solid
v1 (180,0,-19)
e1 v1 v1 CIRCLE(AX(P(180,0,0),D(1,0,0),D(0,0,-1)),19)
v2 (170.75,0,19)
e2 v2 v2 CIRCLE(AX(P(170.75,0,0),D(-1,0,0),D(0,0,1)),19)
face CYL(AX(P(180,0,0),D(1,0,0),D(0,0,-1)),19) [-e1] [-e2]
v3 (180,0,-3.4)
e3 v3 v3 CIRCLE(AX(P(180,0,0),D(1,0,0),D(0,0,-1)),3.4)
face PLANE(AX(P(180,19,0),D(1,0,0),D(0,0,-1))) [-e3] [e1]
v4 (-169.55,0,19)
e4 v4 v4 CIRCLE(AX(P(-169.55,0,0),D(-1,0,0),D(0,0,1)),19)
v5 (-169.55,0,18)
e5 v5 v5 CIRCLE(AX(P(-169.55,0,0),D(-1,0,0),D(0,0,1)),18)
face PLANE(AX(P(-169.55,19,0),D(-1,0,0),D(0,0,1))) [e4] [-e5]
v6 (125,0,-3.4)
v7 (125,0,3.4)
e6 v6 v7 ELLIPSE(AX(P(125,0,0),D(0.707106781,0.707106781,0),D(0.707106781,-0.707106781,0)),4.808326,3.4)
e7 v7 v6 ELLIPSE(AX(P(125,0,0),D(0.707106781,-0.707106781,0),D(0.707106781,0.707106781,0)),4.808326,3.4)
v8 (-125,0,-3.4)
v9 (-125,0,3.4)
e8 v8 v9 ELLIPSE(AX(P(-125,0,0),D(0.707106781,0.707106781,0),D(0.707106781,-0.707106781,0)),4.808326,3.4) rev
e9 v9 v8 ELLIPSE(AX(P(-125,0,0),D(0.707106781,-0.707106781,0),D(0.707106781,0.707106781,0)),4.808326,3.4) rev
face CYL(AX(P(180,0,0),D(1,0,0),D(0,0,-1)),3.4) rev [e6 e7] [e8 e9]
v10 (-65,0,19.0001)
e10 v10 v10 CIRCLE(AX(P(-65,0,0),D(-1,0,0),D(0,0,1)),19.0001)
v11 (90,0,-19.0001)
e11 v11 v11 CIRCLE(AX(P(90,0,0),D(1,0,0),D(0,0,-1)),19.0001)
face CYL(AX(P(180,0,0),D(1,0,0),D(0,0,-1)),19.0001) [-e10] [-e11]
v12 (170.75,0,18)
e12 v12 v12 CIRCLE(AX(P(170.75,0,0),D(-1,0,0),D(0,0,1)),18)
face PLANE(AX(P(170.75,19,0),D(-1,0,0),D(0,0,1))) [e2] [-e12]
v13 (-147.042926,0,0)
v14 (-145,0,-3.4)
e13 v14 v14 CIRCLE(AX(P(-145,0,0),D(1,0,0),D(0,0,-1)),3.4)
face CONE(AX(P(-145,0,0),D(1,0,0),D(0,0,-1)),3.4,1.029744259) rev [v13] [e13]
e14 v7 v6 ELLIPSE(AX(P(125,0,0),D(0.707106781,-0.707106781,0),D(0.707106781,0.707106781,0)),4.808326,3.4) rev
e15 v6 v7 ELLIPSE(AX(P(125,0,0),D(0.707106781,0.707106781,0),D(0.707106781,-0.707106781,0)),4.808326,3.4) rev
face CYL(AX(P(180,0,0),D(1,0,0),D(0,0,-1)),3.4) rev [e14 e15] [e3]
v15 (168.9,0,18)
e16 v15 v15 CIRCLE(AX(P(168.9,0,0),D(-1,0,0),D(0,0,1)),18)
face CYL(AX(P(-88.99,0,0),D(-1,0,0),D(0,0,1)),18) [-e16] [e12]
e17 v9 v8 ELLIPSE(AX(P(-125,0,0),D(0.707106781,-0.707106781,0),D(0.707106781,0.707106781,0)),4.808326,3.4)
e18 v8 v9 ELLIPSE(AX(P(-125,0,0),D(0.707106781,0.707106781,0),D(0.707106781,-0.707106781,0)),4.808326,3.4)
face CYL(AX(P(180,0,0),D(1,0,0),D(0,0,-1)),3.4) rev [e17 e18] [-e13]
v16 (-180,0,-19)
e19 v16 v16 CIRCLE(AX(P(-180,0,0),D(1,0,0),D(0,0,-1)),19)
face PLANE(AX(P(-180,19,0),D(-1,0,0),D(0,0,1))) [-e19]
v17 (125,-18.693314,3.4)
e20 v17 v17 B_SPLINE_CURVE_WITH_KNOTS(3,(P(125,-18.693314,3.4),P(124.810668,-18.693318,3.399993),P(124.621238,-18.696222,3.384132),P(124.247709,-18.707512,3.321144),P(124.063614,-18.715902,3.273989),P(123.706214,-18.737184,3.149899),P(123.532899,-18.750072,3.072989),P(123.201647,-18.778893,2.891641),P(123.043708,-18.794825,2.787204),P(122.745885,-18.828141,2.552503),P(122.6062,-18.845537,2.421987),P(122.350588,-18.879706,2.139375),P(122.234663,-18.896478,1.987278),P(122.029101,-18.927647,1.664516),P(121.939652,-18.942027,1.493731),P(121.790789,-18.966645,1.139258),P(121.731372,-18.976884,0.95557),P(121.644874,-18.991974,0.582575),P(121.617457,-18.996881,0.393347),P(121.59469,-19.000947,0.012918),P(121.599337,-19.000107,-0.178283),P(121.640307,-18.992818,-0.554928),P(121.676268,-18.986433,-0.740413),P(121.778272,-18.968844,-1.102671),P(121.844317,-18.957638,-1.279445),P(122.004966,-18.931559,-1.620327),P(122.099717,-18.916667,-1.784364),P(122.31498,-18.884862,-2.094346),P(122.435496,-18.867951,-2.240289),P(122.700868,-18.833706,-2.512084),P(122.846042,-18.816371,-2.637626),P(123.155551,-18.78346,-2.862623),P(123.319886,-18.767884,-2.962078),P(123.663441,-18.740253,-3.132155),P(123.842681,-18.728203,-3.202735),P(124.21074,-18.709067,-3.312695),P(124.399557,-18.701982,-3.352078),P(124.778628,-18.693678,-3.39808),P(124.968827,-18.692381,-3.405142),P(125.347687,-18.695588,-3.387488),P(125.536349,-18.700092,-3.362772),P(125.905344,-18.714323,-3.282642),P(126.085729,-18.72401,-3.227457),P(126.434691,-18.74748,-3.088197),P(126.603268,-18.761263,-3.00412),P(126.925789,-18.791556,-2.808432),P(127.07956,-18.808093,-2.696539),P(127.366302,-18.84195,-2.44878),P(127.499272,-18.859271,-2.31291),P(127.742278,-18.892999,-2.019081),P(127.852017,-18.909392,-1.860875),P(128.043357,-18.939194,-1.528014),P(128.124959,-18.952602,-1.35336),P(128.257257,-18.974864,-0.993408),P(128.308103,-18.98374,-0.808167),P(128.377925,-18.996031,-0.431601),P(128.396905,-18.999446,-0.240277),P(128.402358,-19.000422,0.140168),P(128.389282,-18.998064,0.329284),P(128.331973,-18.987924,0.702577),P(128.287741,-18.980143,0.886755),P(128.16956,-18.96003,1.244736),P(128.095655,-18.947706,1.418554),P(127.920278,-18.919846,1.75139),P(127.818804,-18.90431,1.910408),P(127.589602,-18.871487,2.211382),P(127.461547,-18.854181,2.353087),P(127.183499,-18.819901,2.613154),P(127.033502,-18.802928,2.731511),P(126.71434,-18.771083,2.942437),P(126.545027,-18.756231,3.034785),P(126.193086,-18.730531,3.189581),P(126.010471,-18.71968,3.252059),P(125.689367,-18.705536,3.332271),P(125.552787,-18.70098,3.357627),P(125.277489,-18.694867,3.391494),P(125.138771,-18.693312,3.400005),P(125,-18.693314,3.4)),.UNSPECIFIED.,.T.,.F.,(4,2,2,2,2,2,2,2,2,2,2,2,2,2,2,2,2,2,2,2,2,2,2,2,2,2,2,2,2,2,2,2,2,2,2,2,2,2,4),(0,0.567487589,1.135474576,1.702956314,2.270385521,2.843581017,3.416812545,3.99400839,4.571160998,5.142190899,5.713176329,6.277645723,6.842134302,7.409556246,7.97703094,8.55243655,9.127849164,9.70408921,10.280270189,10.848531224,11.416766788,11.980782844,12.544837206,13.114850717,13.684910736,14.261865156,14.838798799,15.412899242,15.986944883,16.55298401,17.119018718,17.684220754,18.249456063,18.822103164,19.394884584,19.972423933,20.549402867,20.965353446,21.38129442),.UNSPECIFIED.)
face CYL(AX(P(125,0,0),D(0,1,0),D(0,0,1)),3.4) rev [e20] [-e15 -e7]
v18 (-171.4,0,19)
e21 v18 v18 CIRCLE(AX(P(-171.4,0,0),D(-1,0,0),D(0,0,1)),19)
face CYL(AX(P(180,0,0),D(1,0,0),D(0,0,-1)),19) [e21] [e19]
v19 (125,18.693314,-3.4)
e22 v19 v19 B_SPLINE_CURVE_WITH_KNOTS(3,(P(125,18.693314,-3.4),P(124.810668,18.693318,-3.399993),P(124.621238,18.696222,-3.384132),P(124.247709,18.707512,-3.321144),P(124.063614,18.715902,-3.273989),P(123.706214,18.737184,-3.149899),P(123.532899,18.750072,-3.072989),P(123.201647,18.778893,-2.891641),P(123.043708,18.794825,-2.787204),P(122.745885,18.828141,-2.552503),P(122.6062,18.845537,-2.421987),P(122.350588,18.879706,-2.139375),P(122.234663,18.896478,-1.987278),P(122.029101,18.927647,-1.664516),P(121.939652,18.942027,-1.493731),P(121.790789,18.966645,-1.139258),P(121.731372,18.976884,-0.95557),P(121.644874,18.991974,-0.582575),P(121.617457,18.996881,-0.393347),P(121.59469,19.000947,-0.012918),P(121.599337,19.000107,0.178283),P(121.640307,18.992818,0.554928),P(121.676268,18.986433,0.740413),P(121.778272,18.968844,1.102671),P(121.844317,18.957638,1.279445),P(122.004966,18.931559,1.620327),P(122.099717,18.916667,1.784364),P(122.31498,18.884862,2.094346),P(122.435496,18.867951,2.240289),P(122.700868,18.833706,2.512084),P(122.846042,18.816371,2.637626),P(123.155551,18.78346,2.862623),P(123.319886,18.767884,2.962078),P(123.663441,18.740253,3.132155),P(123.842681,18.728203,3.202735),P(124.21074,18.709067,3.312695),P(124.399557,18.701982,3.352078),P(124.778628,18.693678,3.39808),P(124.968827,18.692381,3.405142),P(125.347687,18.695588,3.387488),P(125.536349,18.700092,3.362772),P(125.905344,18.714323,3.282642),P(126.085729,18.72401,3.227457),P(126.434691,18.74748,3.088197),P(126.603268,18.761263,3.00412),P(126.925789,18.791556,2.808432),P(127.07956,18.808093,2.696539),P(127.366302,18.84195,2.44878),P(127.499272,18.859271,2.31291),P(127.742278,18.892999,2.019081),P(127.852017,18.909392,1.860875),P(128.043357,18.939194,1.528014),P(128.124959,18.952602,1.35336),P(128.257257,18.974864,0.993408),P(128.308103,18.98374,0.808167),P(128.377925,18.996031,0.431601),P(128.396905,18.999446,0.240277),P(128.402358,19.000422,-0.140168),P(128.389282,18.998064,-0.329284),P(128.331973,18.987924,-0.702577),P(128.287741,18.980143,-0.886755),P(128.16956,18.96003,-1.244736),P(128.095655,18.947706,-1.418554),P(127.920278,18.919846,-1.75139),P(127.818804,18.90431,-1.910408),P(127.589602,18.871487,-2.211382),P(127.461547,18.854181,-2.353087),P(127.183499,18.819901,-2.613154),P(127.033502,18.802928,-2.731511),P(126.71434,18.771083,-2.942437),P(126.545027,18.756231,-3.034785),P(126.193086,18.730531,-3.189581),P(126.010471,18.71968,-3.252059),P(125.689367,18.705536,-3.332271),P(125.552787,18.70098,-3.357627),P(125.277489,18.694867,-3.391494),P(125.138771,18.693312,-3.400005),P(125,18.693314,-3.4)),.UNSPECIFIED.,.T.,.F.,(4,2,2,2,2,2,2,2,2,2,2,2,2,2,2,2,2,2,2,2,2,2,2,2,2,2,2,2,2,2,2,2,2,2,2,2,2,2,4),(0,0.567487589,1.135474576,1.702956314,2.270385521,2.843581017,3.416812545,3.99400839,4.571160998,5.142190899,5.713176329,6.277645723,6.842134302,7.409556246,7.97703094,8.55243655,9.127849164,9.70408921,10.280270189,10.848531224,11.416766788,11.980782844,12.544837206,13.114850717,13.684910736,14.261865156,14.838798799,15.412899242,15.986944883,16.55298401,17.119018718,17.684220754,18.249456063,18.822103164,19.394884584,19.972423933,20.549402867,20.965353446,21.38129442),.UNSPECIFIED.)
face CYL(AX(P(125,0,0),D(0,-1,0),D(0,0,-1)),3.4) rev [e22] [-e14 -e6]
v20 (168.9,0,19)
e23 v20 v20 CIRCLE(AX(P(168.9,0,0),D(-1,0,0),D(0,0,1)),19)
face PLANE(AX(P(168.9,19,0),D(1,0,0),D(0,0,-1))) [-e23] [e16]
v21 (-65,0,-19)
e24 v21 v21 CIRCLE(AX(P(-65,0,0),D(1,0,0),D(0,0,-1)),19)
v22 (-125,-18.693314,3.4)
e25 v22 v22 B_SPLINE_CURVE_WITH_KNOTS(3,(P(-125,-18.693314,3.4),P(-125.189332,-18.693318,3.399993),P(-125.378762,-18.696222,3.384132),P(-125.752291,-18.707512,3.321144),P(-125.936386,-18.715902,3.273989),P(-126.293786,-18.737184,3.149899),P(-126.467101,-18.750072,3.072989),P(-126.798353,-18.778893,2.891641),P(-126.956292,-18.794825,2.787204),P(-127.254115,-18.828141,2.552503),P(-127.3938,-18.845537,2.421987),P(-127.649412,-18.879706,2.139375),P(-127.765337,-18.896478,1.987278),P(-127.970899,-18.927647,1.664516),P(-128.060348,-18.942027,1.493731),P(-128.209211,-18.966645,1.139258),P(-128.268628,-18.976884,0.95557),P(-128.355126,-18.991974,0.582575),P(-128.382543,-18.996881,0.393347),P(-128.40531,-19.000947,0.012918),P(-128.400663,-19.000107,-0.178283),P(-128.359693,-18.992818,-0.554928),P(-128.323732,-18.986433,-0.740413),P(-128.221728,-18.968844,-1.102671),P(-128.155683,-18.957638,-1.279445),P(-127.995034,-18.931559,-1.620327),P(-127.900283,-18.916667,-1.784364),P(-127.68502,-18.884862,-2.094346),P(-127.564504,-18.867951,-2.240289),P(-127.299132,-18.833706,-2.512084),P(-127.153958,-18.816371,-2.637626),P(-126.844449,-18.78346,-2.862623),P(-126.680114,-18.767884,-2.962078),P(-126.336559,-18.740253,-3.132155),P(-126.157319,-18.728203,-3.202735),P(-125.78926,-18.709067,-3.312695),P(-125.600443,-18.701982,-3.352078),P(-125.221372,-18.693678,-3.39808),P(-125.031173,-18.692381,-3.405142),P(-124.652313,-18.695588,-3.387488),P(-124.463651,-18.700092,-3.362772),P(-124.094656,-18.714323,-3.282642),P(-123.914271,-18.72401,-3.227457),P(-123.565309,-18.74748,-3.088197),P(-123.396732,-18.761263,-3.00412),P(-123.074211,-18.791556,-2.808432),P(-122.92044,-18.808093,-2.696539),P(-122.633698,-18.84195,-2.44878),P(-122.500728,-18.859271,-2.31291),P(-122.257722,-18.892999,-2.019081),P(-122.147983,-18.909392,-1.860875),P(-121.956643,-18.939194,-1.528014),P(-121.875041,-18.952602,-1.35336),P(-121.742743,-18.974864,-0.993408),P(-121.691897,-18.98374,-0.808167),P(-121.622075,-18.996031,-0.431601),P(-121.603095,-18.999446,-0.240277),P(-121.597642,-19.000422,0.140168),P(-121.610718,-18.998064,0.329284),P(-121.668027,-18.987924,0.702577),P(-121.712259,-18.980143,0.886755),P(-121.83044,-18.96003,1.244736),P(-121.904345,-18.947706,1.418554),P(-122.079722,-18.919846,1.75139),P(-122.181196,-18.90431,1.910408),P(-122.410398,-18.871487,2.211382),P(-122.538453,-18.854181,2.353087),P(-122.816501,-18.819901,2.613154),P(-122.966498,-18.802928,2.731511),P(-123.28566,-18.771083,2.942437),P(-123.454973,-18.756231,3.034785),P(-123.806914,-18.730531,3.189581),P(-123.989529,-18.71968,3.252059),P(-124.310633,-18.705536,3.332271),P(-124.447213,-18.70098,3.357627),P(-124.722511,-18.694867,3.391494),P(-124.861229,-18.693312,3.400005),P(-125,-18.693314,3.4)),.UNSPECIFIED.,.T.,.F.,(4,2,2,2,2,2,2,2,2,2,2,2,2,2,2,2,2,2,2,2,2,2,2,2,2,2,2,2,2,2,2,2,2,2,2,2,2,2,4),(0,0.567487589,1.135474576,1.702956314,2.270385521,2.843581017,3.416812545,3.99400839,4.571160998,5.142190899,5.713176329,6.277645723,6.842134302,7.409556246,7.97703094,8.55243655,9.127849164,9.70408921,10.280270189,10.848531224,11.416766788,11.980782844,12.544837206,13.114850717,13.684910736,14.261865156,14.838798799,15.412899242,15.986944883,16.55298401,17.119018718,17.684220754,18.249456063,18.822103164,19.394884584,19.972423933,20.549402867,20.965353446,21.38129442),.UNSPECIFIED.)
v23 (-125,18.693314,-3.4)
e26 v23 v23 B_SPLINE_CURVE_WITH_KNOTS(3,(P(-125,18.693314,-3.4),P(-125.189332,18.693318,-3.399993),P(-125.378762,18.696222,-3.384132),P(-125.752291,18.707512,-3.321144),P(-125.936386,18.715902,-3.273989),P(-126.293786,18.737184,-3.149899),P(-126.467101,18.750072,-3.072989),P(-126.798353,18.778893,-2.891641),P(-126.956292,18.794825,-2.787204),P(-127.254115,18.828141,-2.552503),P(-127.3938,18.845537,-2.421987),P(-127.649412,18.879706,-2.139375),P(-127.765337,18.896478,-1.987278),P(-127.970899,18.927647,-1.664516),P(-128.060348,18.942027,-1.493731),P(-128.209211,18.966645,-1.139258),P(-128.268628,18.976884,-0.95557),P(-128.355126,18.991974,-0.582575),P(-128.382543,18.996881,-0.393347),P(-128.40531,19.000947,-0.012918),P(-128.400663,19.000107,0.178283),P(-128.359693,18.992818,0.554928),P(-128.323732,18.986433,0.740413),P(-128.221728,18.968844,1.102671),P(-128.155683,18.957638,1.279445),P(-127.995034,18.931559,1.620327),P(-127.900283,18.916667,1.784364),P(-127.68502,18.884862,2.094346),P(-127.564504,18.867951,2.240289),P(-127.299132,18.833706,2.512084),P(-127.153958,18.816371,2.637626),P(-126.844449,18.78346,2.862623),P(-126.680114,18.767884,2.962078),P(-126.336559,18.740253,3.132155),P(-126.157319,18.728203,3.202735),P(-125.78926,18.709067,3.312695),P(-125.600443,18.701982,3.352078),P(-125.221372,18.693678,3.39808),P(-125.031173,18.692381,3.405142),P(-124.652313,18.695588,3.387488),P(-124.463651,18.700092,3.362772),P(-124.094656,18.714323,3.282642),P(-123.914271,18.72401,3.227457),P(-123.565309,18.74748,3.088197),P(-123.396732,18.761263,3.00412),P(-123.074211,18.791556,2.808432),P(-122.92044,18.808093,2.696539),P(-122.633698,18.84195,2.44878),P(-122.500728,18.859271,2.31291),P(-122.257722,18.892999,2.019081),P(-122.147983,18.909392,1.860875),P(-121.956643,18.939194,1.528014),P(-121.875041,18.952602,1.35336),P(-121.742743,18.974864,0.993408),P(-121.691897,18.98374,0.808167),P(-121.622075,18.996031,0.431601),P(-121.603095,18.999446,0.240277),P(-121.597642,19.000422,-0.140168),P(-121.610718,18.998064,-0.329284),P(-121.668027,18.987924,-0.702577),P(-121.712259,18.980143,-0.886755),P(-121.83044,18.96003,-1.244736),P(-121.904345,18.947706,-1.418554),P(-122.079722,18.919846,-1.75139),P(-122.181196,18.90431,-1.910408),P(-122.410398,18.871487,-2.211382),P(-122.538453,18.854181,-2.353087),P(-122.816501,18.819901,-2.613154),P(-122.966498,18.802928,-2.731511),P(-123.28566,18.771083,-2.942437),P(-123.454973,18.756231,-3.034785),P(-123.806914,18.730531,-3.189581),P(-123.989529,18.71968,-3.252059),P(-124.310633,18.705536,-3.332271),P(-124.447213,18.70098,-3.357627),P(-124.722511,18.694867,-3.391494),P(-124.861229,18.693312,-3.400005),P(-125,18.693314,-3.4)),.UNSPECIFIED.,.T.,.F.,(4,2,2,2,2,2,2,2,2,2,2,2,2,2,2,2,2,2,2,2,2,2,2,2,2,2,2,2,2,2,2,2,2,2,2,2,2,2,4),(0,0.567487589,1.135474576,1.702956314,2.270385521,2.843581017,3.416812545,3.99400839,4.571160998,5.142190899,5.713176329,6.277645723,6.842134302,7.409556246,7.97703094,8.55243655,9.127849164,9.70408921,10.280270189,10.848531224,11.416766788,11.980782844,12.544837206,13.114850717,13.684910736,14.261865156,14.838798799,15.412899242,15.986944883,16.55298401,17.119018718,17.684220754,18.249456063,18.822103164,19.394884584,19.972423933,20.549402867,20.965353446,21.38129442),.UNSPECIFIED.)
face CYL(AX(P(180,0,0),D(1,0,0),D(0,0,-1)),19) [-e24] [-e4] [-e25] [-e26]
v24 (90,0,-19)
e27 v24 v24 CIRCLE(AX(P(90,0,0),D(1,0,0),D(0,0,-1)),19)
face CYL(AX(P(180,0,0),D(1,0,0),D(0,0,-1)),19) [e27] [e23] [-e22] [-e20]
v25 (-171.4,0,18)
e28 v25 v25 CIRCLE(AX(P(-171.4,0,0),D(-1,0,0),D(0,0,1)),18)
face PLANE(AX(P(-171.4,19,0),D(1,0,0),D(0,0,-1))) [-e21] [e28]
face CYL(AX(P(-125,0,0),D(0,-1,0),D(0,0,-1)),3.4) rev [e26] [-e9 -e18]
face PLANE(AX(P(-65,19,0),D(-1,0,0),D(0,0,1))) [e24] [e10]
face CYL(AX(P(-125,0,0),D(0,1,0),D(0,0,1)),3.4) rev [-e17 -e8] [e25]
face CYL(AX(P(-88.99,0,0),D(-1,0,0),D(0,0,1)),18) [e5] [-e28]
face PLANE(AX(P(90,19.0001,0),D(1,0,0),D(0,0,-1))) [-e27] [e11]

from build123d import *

# Parameters (mm, degrees)
M8_GEWINDEBOHRUNG1_D          = 6.8
M8_GEWINDEBOHRUNG1_DEPTH      = 325
M8_GEWINDEBOHRUNG1_TIP        = 2.042926105
SKIZZE18_W                    = 3.4
SKIZZE18_H                    = 27
M8_GEWINDEBOHRUNG3_AT_2_COUNT = 2
M8_GEWINDEBOHRUNG3_AT_2_PITCH = 250
SPIEGELN2_COPY_1_SKETCH_W     = 3.4
SPIEGELN2_COPY_1_SKETCH_H     = 27
SKIZZE19_W                    = 1.85
SKIZZE19_H                    = 1
SKIZZE20_W                    = 1.85
SKIZZE20_H                    = 1
SKETCH1_W                     = 21.407583332
SKETCH1_H                     = 15.084330907


with BuildPart() as part:
    # Skizze1 → Rotation1 (revolve)
    with BuildSketch(Plane.XY, mode=Mode.PRIVATE) as rotation1_sk:
        Polygon((180, 19), (180, 0), (-180, 0), (-180, 19), (-65, 19), (-65, 27), (-60, 27), (-60, 19.0001), (90, 19.0001), align=None)
    revolve(rotation1_sk.sketch.rotate(Axis((180, 0, 0), (-1, 0, 0)), 90), axis=Axis((180, 0, 0), (-1, 0, 0)))

    # M8 Gewindebohrung1
    with Locations(Plane(origin=(180, 0, 0), x_dir=(0, 0, -1), z_dir=(1, 0, 0))):
        with Locations((0, 0)):
            Hole(M8_GEWINDEBOHRUNG1_D / 2, depth=M8_GEWINDEBOHRUNG1_DEPTH)
            with Locations((0, 0, -(M8_GEWINDEBOHRUNG1_DEPTH + M8_GEWINDEBOHRUNG1_TIP / 2))):  # 118° drill point
                Cone(0, M8_GEWINDEBOHRUNG1_D / 2, M8_GEWINDEBOHRUNG1_TIP, mode=Mode.SUBTRACT)

    # Skizze18 → M8 Gewindebohrung3 (revolve, cut)
    with BuildSketch(Plane(origin=(-125, 0, 0), x_dir=(0, 0, -1), z_dir=(1, 0, 0))):
        with Locations((1.7, 13.5)):
            Rectangle(SKIZZE18_W, SKIZZE18_H)
    m8_gewindebohrung3 = revolve(axis=Axis((-125, -6.35, 0), (0, 1, 0)), mode=Mode.SUBTRACT)

    # M8 Gewindebohrung3 at 2: M8 Gewindebohrung3 ×2
    with Locations(*[(i * M8_GEWINDEBOHRUNG3_AT_2_PITCH, 0, 0) for i in range(1, M8_GEWINDEBOHRUNG3_AT_2_COUNT)]):
        add(m8_gewindebohrung3, mode=Mode.SUBTRACT)

    # Spiegeln2: M8 Gewindebohrung3 across plane
    add(m8_gewindebohrung3.mirror(Plane.ZX), mode=Mode.SUBTRACT)

    # Spiegeln2 copy 1 sketch → Spiegeln2 copy 1 (revolve, cut)
    with BuildSketch(Plane(origin=(125, 0, 0), x_dir=(0, 0, -1), z_dir=(1, 0, 0))):
        with Locations((1.7, -13.5)):
            Rectangle(SPIEGELN2_COPY_1_SKETCH_W, SPIEGELN2_COPY_1_SKETCH_H)
    revolve(axis=Axis((125, 6.35, 0), (0, 1, 0)), mode=Mode.SUBTRACT)

    # Skizze19 → Schnitt-Rotation1 (revolve, cut)
    with BuildSketch(Plane.XY, mode=Mode.PRIVATE) as schnitt_rotation1_sk:
        with Locations((169.825, 18.5)):
            Rectangle(SKIZZE19_W, SKIZZE19_H)
    revolve(schnitt_rotation1_sk.sketch.rotate(Axis((-88.99, 0, 0), (1, 0, 0)), 270), axis=Axis((-88.99, 0, 0), (1, 0, 0)), mode=Mode.SUBTRACT)

    # Skizze20 → Schnitt-Rotation2 (revolve, cut)
    with BuildSketch(Plane.XY, mode=Mode.PRIVATE) as schnitt_rotation2_sk:
        with Locations((-170.475, 18.5)):
            Rectangle(SKIZZE20_W, SKIZZE20_H)
    revolve(schnitt_rotation2_sk.sketch.rotate(Axis((-88.99, 0, 0), (1, 0, 0)), 270), axis=Axis((-88.99, 0, 0), (1, 0, 0)), mode=Mode.SUBTRACT)

    # Sketch1 → Cut-Revolve1 (revolve, cut)
    with BuildSketch(Plane.XY, mode=Mode.PRIVATE) as cut_revolve1_sk:
        with Locations((-62.803513507, 26.542265454)):
            Rectangle(SKETCH1_W, SKETCH1_H)
    revolve(cut_revolve1_sk.sketch.rotate(Axis((-202.232213843, 0, 0), (1, 0, 0)), 270), axis=Axis((-202.232213843, 0, 0), (1, 0, 0)), mode=Mode.SUBTRACT)


solid = part.part
